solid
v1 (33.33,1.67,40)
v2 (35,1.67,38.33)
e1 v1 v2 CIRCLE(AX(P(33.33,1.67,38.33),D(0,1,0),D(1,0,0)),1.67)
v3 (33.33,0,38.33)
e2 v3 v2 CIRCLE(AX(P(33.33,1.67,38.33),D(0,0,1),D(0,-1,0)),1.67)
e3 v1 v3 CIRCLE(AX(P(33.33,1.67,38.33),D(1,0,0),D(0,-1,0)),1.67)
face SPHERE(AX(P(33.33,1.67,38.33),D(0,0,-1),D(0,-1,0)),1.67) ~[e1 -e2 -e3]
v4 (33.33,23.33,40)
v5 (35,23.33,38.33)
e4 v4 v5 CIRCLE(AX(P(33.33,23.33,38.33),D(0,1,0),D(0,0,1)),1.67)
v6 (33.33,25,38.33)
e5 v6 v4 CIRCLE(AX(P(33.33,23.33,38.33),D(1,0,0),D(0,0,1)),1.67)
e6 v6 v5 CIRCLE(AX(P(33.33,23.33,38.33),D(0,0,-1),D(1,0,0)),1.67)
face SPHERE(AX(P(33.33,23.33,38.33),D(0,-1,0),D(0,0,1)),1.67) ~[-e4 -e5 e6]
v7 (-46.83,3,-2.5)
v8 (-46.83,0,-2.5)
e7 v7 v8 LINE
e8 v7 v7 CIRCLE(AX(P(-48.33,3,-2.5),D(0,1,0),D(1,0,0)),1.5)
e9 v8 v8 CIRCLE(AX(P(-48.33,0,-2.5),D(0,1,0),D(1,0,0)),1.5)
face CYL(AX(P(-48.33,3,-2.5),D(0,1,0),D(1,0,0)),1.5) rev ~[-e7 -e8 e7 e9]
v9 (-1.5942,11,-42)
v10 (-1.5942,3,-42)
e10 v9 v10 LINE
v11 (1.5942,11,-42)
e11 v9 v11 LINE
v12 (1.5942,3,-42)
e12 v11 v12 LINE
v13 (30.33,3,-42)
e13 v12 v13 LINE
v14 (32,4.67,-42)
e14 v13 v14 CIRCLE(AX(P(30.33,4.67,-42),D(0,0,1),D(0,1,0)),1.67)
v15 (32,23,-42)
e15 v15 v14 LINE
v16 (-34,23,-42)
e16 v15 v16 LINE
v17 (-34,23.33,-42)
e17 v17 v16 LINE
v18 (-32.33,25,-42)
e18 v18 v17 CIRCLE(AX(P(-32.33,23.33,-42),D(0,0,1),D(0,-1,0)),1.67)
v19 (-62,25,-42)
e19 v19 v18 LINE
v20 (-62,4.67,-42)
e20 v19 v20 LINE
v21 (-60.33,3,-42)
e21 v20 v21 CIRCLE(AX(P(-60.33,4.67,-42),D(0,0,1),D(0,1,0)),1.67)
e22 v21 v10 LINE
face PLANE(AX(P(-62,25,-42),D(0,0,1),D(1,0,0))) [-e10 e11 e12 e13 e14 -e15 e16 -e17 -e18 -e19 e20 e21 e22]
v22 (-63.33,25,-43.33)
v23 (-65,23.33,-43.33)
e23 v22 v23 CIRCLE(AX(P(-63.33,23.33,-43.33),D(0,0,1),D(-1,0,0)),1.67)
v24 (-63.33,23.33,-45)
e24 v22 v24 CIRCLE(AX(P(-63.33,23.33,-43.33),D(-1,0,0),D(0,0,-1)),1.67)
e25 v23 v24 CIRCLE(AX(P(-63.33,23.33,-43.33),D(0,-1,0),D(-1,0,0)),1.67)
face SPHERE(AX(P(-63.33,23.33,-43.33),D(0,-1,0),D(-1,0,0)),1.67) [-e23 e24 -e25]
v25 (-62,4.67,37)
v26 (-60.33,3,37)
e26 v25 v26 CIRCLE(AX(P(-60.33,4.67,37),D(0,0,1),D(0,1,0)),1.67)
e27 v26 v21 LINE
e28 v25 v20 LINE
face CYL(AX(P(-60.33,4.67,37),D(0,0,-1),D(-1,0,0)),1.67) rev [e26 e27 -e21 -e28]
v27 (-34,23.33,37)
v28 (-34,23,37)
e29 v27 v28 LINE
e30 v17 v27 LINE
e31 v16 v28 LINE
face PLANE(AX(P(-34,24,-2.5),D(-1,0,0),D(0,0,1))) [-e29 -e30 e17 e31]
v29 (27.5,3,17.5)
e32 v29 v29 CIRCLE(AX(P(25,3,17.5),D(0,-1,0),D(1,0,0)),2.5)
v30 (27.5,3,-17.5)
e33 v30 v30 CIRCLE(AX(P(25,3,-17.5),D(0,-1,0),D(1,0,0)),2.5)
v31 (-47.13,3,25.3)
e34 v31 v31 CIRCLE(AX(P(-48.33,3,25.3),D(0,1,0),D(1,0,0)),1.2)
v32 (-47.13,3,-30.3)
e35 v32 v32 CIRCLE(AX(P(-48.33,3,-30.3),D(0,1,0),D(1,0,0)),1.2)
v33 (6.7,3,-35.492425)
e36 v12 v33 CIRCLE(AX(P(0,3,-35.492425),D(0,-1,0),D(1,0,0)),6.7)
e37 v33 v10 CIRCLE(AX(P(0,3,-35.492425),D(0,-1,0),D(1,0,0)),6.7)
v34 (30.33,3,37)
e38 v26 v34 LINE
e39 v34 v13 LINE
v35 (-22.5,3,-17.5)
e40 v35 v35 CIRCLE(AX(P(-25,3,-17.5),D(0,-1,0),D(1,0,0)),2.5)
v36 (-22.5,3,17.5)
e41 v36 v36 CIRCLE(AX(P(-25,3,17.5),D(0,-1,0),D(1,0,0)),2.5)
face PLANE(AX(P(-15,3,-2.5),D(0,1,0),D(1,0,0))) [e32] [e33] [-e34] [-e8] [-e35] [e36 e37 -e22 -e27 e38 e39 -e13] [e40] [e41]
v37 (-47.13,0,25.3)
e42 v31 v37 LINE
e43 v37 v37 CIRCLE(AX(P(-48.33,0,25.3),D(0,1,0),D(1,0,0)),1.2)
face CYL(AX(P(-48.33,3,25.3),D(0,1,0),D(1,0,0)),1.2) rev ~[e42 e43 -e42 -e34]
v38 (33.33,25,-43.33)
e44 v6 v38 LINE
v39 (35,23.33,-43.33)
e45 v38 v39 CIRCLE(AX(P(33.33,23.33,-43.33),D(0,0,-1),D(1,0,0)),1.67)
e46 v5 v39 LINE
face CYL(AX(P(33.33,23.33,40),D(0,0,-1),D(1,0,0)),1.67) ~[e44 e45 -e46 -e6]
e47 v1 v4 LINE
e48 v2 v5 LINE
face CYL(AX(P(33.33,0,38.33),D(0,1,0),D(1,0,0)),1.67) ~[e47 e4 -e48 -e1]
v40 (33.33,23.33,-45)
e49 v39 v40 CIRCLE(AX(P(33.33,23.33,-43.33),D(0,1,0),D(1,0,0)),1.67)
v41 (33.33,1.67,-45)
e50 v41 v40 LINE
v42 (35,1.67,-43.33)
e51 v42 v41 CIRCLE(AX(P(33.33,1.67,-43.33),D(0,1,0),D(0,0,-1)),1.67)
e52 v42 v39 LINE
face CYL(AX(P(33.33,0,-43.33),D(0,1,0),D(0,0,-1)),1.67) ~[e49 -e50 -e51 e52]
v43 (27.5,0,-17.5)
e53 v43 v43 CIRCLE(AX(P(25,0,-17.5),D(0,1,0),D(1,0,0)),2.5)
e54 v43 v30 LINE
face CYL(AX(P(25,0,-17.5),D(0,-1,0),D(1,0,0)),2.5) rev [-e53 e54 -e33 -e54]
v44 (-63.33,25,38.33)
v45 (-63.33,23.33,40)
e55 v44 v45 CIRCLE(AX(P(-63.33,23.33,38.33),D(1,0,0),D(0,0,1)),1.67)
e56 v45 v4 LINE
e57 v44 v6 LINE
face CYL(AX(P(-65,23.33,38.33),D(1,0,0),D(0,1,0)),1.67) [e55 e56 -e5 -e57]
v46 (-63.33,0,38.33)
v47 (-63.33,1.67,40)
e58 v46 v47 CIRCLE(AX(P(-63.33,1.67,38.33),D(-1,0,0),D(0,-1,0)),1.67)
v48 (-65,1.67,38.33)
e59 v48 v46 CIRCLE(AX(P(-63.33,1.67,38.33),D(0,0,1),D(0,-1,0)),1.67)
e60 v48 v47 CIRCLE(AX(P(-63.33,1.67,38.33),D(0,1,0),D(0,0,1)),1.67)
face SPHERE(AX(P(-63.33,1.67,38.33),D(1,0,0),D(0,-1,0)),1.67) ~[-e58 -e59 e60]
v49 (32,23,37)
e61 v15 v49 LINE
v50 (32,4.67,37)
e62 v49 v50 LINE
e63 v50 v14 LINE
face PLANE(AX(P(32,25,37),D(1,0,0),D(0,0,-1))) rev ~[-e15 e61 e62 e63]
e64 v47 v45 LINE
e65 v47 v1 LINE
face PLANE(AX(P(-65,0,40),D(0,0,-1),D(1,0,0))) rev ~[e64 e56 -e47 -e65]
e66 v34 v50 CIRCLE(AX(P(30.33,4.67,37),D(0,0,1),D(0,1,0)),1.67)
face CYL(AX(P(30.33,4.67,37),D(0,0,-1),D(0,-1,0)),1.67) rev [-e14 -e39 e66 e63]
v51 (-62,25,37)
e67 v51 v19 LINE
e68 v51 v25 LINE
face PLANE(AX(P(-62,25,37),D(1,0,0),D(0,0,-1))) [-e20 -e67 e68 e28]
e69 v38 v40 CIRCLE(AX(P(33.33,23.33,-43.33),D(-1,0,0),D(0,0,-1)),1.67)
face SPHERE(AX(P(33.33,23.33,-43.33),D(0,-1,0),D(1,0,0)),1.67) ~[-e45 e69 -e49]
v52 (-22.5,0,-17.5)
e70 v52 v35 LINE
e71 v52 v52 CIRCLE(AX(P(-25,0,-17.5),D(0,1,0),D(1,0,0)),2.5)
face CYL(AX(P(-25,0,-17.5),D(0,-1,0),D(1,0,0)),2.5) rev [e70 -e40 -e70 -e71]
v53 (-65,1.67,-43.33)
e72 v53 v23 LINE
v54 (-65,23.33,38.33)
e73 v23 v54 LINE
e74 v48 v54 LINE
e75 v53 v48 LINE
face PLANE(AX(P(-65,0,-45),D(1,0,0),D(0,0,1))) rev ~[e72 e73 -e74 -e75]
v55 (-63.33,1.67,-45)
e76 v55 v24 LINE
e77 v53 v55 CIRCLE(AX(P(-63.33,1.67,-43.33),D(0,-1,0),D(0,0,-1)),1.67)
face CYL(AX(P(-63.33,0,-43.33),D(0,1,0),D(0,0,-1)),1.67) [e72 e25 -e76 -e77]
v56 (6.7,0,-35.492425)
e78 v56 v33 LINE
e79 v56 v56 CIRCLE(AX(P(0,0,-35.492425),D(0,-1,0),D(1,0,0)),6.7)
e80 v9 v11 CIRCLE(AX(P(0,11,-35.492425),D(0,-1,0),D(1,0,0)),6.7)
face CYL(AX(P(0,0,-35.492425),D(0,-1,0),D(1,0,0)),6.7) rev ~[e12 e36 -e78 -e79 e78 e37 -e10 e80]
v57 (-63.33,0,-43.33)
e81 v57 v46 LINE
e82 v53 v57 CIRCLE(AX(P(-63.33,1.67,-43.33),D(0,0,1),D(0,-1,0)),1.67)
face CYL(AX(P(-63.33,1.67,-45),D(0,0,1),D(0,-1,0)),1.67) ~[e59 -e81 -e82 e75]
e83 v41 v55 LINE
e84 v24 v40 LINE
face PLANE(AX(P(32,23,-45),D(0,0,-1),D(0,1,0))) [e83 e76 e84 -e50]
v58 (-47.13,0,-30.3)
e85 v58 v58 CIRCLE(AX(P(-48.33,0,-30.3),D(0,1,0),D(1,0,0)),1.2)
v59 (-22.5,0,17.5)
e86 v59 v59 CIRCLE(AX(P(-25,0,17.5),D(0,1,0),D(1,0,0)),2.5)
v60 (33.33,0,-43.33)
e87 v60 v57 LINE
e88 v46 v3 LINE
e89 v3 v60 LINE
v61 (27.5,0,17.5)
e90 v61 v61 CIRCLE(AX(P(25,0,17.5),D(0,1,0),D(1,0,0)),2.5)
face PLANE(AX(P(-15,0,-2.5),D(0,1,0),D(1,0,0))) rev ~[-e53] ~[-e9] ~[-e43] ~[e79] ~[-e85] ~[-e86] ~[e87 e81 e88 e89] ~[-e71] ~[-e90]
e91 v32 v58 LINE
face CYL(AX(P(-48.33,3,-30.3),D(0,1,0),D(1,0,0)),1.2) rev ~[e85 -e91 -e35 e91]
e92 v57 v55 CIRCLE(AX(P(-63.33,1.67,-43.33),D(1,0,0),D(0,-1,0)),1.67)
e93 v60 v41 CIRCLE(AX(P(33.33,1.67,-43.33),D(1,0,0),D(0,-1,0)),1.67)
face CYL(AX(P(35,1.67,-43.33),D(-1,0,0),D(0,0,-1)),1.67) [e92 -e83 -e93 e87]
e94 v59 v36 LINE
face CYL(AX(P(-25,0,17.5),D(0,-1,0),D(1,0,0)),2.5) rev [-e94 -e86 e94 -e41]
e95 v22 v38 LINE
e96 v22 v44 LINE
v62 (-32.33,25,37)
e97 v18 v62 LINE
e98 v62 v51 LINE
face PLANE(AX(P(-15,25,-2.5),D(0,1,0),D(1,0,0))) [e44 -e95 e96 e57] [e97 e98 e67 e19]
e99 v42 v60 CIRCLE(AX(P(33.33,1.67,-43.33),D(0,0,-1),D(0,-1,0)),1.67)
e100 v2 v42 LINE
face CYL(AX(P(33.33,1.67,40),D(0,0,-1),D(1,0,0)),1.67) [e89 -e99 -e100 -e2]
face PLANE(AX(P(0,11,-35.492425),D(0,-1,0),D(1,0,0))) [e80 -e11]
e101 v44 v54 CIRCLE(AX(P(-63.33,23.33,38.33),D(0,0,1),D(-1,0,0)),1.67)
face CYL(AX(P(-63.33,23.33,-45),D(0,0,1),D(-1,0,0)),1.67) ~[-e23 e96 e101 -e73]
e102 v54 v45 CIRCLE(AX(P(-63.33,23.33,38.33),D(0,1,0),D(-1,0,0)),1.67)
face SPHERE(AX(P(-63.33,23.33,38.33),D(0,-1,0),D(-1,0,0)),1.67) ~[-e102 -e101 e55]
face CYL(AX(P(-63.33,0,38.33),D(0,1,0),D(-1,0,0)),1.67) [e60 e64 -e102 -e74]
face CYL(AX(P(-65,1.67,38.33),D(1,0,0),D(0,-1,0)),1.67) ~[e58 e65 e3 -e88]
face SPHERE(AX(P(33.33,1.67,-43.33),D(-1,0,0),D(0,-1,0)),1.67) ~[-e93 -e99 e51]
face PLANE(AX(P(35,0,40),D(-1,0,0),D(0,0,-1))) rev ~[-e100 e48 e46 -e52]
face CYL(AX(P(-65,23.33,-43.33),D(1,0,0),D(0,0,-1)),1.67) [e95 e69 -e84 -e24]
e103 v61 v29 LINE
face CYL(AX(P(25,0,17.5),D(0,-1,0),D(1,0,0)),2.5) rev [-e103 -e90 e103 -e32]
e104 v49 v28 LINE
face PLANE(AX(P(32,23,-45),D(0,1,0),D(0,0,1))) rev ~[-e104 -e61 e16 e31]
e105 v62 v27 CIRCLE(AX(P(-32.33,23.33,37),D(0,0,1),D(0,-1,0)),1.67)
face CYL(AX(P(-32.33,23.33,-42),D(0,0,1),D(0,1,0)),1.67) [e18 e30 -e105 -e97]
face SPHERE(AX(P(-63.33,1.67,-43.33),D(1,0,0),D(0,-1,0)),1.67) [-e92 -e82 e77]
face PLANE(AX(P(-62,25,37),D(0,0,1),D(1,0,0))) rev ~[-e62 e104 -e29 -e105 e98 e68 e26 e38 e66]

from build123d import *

# Parameters (mm, degrees)
SKETCH1_R           = 2.5
BOSS_EXTRUDE1_DEPTH = 25
SKETCH5_W           = 94
SKETCH5_H           = 79
CUT_EXTRUDE2_DEPTH  = 22
SKETCH7_W           = 85
SKETCH7_H           = 2
BOSS_EXTRUDE4_DEPTH = 66
SKETCH8_R           = 6.7
CUT_EXTRUDE3_DEPTH  = 11
FILLET1_R           = 1.67
SKETCH9_R           = 1.5
SKETCH9_R_2         = 1.2
CUT_EXTRUDE4_DEPTH  = 10


with BuildPart() as part:
    # Sketch1 → Boss-Extrude1 (new body)
    with BuildSketch(Plane(origin=(0, 0, 0), x_dir=(1, 0, 0), z_dir=(0, 1, 0))):
        Polygon((-65, 45), (-65, 37.5), (-65, -32.5), (-65, -40), (35, -40), (35, -32.5), (35, 37.5), (35, 45), align=None)
        with Locations((-25, -17.5)):
            Circle(SKETCH1_R, mode=Mode.SUBTRACT)
        with Locations((25, -17.5)):
            Circle(SKETCH1_R, mode=Mode.SUBTRACT)
        with Locations((-25, 17.5)):
            Circle(SKETCH1_R, mode=Mode.SUBTRACT)
        with Locations((25, 17.5)):
            Circle(SKETCH1_R, mode=Mode.SUBTRACT)
    extrude(amount=BOSS_EXTRUDE1_DEPTH)

    # Sketch5 → Cut-Extrude2 (cut)
    with BuildSketch(Plane(origin=(0, 25, 0), x_dir=(1, 0, 0), z_dir=(0, 1, 0))):
        with Locations((-15, 2.5)):
            Rectangle(SKETCH5_W, SKETCH5_H)
    extrude(amount=-CUT_EXTRUDE2_DEPTH, mode=Mode.SUBTRACT)

    # Sketch7 → Boss-Extrude4 (add)
    with BuildSketch(Plane.ZY.offset(-32)):
        with Locations((-2.5, 24)):
            Rectangle(SKETCH7_W, SKETCH7_H)
    extrude(amount=BOSS_EXTRUDE4_DEPTH)

    # Sketch8 → Cut-Extrude3 (cut)
    with BuildSketch(Plane.XZ):
        with Locations((0, -35.492425409)):
            Circle(SKETCH8_R)
    extrude(amount=-CUT_EXTRUDE3_DEPTH, mode=Mode.SUBTRACT)

    # Fillet1
    fillet1_edges = [part.edges().sort_by_distance(p)[0] for p in [
        (-15, 0, -45),
        (35, 0, -2.5),
        (-15, 0, 40),
        (-65, 0, -2.5),
        (-65, 12.5, -45),
        (35, 12.5, -45),
        (35, 12.5, 40),
        (-65, 12.5, 40),
        (-65, 25, -2.5),
        (32, 3, -2.5),
        (-62, 3, -2.5),
        (-15, 25, 40),
        (35, 25, -2.5),
        (-15, 25, -45),
        (-34, 25, -2.5),
    ]]
    fillet(fillet1_edges, radius=FILLET1_R)

    # Sketch9 → Cut-Extrude4 (cut)
    with BuildSketch(Plane(origin=(0, 3, 0), x_dir=(1, 0, 0), z_dir=(0, 1, 0))):
        with Locations((-48.33, 2.5)):
            Circle(SKETCH9_R)
        with Locations((-48.33, 30.3)):
            Circle(SKETCH9_R_2)
        with Locations((-48.33, -25.3)):
            Circle(SKETCH9_R_2)
    extrude(amount=-CUT_EXTRUDE4_DEPTH, mode=Mode.SUBTRACT)


solid = part.part
